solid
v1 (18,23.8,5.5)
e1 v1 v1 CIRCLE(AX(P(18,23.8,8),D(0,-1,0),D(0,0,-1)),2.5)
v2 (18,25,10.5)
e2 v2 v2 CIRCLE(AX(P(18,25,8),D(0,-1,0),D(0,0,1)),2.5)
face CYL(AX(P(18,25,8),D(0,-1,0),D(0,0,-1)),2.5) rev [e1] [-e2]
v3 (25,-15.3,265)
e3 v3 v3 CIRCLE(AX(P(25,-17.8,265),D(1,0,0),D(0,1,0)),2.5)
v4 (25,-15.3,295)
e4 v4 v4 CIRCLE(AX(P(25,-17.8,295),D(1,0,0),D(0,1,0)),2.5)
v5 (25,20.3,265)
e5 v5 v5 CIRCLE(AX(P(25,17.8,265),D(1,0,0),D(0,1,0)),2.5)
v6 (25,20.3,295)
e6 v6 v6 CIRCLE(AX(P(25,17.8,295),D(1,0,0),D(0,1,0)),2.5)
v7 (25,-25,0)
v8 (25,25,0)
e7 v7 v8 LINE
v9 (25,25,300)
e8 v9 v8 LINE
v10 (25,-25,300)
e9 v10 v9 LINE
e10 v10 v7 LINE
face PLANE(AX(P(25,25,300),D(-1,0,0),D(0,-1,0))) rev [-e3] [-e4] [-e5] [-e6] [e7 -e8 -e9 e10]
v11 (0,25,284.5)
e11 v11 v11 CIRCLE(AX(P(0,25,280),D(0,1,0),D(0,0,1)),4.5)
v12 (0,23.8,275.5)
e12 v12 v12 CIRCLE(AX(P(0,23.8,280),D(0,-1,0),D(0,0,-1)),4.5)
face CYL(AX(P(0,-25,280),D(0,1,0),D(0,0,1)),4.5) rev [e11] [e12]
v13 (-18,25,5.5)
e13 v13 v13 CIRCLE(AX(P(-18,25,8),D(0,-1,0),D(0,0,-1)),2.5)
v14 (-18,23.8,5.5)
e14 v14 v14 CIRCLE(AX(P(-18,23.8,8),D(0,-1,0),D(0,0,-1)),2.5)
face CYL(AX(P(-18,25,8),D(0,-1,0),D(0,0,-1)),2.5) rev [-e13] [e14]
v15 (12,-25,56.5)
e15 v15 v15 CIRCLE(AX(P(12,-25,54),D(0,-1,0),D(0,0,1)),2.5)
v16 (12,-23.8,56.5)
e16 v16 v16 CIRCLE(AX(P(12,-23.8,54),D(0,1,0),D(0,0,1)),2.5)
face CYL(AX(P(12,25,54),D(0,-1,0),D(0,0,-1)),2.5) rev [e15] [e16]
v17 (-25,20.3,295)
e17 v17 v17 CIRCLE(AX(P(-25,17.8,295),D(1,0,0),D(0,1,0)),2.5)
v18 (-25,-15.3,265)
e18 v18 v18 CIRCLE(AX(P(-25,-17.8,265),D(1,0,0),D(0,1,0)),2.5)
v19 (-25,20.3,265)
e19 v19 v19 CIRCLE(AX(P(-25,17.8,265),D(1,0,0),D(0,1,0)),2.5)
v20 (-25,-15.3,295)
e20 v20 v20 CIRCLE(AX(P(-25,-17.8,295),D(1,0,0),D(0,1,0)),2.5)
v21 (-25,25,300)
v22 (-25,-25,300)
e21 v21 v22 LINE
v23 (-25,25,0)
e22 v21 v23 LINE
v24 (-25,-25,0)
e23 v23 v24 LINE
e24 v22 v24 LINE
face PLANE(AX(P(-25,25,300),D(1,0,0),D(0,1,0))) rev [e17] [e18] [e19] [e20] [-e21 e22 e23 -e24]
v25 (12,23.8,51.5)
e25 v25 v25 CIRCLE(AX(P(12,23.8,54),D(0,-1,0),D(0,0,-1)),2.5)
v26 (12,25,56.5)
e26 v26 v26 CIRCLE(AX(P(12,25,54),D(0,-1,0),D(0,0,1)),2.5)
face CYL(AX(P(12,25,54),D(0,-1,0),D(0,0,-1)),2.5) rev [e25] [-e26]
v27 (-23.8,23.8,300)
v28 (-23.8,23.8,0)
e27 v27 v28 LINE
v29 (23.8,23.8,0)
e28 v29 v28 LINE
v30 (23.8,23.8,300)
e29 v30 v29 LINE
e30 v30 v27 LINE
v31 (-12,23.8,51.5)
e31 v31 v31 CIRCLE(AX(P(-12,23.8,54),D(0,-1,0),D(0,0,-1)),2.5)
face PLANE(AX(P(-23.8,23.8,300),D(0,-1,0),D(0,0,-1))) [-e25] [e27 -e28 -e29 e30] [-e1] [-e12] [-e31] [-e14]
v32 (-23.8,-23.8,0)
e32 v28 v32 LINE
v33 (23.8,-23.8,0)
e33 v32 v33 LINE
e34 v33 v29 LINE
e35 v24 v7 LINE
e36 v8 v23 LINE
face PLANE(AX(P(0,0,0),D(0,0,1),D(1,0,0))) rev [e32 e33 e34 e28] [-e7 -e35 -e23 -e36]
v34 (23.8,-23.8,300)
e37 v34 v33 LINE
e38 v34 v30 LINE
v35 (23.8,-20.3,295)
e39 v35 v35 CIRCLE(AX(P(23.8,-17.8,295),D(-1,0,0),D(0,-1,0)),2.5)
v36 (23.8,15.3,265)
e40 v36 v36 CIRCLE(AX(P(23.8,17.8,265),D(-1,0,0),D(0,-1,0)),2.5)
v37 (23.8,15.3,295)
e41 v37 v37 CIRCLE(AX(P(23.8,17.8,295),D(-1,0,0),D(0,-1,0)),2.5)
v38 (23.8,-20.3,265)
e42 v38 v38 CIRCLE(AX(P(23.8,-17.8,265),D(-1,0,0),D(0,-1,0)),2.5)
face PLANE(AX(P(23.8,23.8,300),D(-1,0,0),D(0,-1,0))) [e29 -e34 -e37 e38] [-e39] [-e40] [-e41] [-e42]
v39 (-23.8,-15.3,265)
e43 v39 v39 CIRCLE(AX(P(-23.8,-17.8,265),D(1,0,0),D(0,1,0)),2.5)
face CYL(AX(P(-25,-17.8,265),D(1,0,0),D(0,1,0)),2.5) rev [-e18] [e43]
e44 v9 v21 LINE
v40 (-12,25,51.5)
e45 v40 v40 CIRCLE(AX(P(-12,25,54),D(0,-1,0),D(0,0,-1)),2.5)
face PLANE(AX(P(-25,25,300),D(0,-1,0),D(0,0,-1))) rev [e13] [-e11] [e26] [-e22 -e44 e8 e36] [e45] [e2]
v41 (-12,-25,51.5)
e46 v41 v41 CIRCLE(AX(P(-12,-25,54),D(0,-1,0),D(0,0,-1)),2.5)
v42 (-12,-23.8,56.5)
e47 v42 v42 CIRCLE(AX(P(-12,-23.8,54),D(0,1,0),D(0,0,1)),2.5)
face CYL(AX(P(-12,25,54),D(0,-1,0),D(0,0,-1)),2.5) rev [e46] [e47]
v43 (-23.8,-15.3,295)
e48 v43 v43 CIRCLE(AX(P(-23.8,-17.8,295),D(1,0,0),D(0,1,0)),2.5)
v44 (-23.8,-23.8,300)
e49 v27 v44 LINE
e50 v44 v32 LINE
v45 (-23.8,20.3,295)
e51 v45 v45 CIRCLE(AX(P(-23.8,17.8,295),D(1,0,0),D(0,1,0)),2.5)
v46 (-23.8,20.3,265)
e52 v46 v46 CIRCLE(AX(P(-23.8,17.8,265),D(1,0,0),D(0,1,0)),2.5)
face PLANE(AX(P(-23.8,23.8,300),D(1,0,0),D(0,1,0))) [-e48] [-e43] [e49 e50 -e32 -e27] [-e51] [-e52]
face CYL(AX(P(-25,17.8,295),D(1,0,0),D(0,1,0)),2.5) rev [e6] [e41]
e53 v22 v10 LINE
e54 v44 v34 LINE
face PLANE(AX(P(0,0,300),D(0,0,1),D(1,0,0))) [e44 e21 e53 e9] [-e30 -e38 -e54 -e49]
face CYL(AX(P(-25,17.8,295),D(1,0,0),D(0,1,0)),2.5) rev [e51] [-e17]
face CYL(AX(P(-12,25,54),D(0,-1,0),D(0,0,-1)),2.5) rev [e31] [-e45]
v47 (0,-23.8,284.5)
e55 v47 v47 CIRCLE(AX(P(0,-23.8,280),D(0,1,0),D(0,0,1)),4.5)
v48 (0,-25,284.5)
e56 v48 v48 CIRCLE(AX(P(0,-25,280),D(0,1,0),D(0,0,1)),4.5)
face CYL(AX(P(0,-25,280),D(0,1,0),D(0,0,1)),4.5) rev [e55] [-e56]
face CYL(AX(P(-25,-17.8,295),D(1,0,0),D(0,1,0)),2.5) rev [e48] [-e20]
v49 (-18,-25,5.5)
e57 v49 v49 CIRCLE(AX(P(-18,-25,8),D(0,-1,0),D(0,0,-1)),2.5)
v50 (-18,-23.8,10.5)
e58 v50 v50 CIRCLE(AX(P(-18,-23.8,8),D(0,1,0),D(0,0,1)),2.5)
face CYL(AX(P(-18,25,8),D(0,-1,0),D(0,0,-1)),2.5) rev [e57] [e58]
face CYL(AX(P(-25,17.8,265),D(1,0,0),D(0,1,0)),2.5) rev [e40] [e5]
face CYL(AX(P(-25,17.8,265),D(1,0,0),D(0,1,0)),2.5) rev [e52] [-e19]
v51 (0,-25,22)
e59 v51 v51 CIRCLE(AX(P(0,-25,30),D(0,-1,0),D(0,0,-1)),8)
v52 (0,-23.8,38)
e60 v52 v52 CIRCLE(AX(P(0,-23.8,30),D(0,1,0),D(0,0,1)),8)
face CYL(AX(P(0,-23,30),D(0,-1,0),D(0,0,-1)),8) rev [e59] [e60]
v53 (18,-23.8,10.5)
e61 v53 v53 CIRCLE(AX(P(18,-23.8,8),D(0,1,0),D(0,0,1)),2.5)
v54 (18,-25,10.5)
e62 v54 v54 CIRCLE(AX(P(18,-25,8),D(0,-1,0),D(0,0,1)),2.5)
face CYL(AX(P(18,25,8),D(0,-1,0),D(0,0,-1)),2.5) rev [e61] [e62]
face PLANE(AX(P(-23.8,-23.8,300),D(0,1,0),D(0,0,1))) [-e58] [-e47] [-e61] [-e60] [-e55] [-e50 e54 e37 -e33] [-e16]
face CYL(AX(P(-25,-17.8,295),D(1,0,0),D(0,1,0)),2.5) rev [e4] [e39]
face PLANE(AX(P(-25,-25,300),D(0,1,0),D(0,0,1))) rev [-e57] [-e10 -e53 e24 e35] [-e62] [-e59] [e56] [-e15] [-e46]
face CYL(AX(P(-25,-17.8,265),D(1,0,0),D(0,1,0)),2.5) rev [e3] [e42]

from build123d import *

# Parameters (mm, degrees)
CROQUIS1_W              = 50
CROQUIS1_H              = 50
CROQUIS1_W_2            = 47.6
CROQUIS1_H_2            = 47.6
SALIENTE_EXTRUIR1_DEPTH = 300
CROQUIS2_R              = 2.5
CORTAR_EXTRUIR1_DEPTH   = 306.163890393
CROQUIS3_R              = 4.5
CORTAR_EXTRUIR2_DEPTH   = 306.163890393
CROQUIS4_R              = 8
CORTAR_EXTRUIR3_DEPTH   = 2
CROQUIS5_R              = 2.5
CORTAR_EXTRUIR4_DEPTH   = 306.163890393


with BuildPart() as part:
    # Croquis1 → Saliente-Extruir1 (new body)
    with BuildSketch(Plane.XY):
        Rectangle(CROQUIS1_W, CROQUIS1_H)
        Rectangle(CROQUIS1_W_2, CROQUIS1_H_2, mode=Mode.SUBTRACT)
    extrude(amount=SALIENTE_EXTRUIR1_DEPTH)

    # Croquis2 → Cortar-Extruir1 (cut, through all)
    with BuildSketch(Plane(origin=(25, 0, 0), x_dir=(0, 0, -1), z_dir=(1, 0, 0))):
        with Locations(Location((-295, 17.8, 0), (0, 0, 90))):
            Circle(CROQUIS2_R)
        with Locations(Location((-265, 17.8, 0), (0, 0, 90))):
            Circle(CROQUIS2_R)
        with Locations(Location((-265, -17.8, 0), (0, 0, 90))):
            Circle(CROQUIS2_R)
        with Locations(Location((-295, -17.8, 0), (0, 0, 90))):
            Circle(CROQUIS2_R)
    extrude(amount=-CORTAR_EXTRUIR1_DEPTH, mode=Mode.SUBTRACT)

    # Croquis3 → Cortar-Extruir2 (cut, through all)
    with BuildSketch(Plane(origin=(0, 25, 0), x_dir=(1, 0, 0), z_dir=(0, 1, 0))):
        with Locations(Location((0, -280, 0), (0, 0, 270))):
            Circle(CROQUIS3_R)
    extrude(amount=-CORTAR_EXTRUIR2_DEPTH, mode=Mode.SUBTRACT)

    # Croquis4 → Cortar-Extruir3 (cut)
    with BuildSketch(Plane.XZ.offset(25)):
        with Locations(Location((0, 30, 0), (0, 0, 270))):
            Circle(CROQUIS4_R)
    extrude(amount=-CORTAR_EXTRUIR3_DEPTH, mode=Mode.SUBTRACT)

    # Croquis5 → Cortar-Extruir4 (cut, through all)
    with BuildSketch(Plane.XZ.offset(25)):
        with Locations(Location((-18, 8, 0), (0, 0, 270))):
            Circle(CROQUIS5_R)
        with Locations(Location((-12, 54, 0), (0, 0, 270))):
            Circle(CROQUIS5_R)
        with Locations(Location((18, 8, 0), (0, 0, 90))):
            Circle(CROQUIS5_R)
        with Locations(Location((12, 54, 0), (0, 0, 90))):
            Circle(CROQUIS5_R)
    extrude(amount=-CORTAR_EXTRUIR4_DEPTH, mode=Mode.SUBTRACT)


solid = part.part
